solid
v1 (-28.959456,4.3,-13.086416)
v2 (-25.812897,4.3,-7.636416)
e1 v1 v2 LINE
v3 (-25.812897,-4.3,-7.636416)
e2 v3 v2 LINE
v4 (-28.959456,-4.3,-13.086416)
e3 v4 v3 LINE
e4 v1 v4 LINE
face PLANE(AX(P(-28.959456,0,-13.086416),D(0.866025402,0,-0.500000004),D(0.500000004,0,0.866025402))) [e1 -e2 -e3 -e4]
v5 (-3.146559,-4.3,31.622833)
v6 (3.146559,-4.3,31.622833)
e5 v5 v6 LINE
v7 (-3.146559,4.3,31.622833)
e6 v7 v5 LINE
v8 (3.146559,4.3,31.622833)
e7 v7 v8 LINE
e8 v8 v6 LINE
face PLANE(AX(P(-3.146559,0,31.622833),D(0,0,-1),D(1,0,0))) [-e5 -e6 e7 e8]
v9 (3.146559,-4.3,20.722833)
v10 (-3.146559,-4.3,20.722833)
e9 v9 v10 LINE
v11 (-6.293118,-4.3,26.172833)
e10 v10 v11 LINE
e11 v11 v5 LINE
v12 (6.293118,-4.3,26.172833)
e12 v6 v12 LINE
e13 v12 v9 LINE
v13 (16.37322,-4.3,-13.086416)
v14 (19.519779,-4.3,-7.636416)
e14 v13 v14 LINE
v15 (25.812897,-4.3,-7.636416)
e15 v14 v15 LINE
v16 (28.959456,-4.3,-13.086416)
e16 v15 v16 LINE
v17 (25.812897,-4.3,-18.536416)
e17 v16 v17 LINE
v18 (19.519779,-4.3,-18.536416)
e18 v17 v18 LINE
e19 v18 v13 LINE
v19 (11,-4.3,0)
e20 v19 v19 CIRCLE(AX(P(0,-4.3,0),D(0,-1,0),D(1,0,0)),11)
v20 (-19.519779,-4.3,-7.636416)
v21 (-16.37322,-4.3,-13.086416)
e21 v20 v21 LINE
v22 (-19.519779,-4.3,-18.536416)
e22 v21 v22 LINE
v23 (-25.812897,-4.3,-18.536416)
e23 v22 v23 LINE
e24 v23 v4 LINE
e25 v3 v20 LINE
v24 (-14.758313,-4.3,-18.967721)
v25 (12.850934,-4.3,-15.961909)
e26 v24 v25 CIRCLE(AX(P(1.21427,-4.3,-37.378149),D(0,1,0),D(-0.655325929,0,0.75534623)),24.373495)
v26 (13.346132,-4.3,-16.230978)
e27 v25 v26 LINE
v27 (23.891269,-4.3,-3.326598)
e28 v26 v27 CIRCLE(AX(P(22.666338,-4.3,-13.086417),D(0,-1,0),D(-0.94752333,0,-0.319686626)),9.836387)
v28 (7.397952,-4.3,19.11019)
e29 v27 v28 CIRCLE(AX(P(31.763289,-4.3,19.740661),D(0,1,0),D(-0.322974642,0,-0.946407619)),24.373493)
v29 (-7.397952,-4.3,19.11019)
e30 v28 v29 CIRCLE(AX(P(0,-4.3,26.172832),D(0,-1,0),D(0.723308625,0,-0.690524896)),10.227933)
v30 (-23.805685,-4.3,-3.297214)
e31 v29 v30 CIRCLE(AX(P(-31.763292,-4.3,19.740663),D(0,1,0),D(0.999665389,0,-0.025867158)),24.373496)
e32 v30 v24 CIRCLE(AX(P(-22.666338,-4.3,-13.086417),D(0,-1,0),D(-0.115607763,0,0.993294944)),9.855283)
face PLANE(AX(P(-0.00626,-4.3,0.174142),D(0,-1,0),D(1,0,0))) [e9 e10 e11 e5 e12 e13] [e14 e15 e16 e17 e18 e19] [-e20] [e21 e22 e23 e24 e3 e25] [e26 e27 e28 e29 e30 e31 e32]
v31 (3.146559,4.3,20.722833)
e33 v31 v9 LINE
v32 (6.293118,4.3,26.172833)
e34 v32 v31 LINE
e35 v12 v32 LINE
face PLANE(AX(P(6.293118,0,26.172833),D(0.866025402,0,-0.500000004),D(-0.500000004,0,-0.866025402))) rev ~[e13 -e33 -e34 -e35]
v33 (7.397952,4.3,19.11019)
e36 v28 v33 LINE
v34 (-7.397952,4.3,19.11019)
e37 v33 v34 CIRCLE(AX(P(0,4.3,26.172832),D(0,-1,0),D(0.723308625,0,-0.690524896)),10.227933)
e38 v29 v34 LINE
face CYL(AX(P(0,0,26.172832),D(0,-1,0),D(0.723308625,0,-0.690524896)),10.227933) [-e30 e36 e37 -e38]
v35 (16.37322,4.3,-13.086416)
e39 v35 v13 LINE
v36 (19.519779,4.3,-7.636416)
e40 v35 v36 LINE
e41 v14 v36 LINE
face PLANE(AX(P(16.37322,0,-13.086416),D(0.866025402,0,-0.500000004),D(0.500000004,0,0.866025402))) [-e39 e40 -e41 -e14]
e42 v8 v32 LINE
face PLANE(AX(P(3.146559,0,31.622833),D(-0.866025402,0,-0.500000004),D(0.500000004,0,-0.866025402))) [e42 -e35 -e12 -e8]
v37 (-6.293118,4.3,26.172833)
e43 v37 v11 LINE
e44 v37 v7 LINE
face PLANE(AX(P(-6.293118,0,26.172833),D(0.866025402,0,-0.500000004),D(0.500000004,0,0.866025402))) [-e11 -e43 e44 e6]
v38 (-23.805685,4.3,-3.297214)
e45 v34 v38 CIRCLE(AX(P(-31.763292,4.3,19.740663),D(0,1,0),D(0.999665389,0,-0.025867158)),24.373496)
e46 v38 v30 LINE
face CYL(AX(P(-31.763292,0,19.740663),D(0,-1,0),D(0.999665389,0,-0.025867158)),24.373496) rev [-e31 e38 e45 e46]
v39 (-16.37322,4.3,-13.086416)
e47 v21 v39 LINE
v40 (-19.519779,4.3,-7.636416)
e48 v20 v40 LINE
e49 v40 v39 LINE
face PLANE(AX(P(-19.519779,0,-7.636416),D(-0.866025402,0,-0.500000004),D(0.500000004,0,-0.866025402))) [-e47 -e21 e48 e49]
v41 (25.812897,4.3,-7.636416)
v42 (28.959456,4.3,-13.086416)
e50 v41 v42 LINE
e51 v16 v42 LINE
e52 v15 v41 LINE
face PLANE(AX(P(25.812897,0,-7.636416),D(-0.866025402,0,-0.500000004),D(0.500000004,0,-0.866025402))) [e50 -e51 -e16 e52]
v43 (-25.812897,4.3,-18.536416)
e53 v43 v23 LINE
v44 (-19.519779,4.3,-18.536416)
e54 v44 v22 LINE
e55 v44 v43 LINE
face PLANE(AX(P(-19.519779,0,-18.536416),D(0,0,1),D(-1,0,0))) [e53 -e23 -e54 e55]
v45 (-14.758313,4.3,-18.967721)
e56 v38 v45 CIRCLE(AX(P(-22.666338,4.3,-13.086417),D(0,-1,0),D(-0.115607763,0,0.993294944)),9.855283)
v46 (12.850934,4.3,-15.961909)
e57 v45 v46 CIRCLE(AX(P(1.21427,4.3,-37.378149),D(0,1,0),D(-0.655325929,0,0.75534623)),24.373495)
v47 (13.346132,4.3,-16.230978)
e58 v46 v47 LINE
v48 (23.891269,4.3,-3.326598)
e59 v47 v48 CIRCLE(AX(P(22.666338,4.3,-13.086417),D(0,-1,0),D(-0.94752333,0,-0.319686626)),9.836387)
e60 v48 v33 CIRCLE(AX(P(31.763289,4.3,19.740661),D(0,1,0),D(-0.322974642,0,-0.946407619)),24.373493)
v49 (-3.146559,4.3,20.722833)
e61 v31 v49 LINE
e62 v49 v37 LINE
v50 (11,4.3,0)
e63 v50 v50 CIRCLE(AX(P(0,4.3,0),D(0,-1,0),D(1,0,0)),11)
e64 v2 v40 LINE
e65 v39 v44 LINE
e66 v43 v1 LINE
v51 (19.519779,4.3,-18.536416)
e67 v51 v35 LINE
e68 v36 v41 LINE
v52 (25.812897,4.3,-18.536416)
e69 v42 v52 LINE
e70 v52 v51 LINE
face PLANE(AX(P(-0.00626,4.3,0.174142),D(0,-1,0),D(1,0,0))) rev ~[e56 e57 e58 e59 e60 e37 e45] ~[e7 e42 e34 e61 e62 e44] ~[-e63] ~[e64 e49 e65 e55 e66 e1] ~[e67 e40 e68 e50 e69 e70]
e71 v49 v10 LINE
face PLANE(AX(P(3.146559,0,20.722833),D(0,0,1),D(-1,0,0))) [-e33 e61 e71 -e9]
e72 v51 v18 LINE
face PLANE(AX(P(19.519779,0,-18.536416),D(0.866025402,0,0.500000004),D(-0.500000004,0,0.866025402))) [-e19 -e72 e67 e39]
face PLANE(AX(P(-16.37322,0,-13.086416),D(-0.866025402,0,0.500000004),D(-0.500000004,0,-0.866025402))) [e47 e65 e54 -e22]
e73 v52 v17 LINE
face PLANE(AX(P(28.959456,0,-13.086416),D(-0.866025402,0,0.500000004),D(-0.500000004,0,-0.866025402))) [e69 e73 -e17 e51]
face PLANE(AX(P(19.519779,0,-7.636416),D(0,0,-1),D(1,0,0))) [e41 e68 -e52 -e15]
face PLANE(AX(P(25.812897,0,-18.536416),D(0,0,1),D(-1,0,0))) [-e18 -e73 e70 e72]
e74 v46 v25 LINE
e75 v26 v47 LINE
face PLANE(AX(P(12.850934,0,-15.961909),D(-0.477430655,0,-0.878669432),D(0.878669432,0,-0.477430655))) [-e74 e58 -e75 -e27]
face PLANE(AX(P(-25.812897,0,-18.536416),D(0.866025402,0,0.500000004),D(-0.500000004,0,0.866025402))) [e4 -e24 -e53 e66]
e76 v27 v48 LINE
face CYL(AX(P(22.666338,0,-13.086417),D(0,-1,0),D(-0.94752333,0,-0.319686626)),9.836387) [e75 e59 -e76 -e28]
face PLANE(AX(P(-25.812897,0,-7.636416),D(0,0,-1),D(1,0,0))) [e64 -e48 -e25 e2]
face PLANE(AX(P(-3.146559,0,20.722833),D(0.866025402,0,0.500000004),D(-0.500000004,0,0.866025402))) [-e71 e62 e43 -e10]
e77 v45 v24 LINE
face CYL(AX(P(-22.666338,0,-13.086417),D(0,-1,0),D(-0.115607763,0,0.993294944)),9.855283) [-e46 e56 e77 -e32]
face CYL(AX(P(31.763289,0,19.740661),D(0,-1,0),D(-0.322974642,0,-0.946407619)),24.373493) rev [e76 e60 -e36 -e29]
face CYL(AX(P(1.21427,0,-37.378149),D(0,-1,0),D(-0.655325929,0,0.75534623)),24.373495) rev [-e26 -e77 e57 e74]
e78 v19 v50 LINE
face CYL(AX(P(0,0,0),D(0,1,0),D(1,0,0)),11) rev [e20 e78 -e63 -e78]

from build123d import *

# Parameters (mm, degrees)
F0_R     = 11
F1_DEPTH = 4.3


with BuildPart() as f1:
    # F0 (on Front) → F1 (new body, symmetric)
    with BuildSketch(Plane.XZ):
        with BuildLine():
            ThreePointArc((-7.397952, 19.11019), (-12.098192, 5.340971), (-23.805685, -3.297214))
            ThreePointArc((-23.805685, -3.297214), (-31.201263, -18.014058), (-14.758313, -18.967721))
            ThreePointArc((-14.758313, -18.967721), (-1.423679, -13.147827), (12.850934, -15.961909))
            Line((12.850934, -15.961909), (13.346132, -16.230978))
            ThreePointArc((13.346132, -16.230978), (30.283039, -19.310594), (23.891269, -3.326598))
            ThreePointArc((23.891269, -3.326598), (12.124955, 5.304492), (7.397952, 19.11019))
            ThreePointArc((7.397952, 19.11019), (0, 36.400765), (-7.397952, 19.11019))
        make_face()
        Polygon((-19.519779, -18.536416), (-25.812897, -18.536416), (-28.959456, -13.086416), (-25.812897, -7.636416), (-19.519779, -7.636416), (-16.37322, -13.086416), align=None, mode=Mode.SUBTRACT)
        Polygon((25.812897, -18.536416), (19.519779, -18.536416), (16.37322, -13.086416), (19.519779, -7.636416), (25.812897, -7.636416), (28.959456, -13.086416), align=None, mode=Mode.SUBTRACT)
        Circle(F0_R, mode=Mode.SUBTRACT)
        Polygon((6.293118, 26.172833), (3.146559, 20.722833), (-3.146559, 20.722833), (-6.293118, 26.172833), (-3.146559, 31.622833), (3.146559, 31.622833), align=None, mode=Mode.SUBTRACT)
    extrude(amount=F1_DEPTH, both=True)


solid = f1.part
